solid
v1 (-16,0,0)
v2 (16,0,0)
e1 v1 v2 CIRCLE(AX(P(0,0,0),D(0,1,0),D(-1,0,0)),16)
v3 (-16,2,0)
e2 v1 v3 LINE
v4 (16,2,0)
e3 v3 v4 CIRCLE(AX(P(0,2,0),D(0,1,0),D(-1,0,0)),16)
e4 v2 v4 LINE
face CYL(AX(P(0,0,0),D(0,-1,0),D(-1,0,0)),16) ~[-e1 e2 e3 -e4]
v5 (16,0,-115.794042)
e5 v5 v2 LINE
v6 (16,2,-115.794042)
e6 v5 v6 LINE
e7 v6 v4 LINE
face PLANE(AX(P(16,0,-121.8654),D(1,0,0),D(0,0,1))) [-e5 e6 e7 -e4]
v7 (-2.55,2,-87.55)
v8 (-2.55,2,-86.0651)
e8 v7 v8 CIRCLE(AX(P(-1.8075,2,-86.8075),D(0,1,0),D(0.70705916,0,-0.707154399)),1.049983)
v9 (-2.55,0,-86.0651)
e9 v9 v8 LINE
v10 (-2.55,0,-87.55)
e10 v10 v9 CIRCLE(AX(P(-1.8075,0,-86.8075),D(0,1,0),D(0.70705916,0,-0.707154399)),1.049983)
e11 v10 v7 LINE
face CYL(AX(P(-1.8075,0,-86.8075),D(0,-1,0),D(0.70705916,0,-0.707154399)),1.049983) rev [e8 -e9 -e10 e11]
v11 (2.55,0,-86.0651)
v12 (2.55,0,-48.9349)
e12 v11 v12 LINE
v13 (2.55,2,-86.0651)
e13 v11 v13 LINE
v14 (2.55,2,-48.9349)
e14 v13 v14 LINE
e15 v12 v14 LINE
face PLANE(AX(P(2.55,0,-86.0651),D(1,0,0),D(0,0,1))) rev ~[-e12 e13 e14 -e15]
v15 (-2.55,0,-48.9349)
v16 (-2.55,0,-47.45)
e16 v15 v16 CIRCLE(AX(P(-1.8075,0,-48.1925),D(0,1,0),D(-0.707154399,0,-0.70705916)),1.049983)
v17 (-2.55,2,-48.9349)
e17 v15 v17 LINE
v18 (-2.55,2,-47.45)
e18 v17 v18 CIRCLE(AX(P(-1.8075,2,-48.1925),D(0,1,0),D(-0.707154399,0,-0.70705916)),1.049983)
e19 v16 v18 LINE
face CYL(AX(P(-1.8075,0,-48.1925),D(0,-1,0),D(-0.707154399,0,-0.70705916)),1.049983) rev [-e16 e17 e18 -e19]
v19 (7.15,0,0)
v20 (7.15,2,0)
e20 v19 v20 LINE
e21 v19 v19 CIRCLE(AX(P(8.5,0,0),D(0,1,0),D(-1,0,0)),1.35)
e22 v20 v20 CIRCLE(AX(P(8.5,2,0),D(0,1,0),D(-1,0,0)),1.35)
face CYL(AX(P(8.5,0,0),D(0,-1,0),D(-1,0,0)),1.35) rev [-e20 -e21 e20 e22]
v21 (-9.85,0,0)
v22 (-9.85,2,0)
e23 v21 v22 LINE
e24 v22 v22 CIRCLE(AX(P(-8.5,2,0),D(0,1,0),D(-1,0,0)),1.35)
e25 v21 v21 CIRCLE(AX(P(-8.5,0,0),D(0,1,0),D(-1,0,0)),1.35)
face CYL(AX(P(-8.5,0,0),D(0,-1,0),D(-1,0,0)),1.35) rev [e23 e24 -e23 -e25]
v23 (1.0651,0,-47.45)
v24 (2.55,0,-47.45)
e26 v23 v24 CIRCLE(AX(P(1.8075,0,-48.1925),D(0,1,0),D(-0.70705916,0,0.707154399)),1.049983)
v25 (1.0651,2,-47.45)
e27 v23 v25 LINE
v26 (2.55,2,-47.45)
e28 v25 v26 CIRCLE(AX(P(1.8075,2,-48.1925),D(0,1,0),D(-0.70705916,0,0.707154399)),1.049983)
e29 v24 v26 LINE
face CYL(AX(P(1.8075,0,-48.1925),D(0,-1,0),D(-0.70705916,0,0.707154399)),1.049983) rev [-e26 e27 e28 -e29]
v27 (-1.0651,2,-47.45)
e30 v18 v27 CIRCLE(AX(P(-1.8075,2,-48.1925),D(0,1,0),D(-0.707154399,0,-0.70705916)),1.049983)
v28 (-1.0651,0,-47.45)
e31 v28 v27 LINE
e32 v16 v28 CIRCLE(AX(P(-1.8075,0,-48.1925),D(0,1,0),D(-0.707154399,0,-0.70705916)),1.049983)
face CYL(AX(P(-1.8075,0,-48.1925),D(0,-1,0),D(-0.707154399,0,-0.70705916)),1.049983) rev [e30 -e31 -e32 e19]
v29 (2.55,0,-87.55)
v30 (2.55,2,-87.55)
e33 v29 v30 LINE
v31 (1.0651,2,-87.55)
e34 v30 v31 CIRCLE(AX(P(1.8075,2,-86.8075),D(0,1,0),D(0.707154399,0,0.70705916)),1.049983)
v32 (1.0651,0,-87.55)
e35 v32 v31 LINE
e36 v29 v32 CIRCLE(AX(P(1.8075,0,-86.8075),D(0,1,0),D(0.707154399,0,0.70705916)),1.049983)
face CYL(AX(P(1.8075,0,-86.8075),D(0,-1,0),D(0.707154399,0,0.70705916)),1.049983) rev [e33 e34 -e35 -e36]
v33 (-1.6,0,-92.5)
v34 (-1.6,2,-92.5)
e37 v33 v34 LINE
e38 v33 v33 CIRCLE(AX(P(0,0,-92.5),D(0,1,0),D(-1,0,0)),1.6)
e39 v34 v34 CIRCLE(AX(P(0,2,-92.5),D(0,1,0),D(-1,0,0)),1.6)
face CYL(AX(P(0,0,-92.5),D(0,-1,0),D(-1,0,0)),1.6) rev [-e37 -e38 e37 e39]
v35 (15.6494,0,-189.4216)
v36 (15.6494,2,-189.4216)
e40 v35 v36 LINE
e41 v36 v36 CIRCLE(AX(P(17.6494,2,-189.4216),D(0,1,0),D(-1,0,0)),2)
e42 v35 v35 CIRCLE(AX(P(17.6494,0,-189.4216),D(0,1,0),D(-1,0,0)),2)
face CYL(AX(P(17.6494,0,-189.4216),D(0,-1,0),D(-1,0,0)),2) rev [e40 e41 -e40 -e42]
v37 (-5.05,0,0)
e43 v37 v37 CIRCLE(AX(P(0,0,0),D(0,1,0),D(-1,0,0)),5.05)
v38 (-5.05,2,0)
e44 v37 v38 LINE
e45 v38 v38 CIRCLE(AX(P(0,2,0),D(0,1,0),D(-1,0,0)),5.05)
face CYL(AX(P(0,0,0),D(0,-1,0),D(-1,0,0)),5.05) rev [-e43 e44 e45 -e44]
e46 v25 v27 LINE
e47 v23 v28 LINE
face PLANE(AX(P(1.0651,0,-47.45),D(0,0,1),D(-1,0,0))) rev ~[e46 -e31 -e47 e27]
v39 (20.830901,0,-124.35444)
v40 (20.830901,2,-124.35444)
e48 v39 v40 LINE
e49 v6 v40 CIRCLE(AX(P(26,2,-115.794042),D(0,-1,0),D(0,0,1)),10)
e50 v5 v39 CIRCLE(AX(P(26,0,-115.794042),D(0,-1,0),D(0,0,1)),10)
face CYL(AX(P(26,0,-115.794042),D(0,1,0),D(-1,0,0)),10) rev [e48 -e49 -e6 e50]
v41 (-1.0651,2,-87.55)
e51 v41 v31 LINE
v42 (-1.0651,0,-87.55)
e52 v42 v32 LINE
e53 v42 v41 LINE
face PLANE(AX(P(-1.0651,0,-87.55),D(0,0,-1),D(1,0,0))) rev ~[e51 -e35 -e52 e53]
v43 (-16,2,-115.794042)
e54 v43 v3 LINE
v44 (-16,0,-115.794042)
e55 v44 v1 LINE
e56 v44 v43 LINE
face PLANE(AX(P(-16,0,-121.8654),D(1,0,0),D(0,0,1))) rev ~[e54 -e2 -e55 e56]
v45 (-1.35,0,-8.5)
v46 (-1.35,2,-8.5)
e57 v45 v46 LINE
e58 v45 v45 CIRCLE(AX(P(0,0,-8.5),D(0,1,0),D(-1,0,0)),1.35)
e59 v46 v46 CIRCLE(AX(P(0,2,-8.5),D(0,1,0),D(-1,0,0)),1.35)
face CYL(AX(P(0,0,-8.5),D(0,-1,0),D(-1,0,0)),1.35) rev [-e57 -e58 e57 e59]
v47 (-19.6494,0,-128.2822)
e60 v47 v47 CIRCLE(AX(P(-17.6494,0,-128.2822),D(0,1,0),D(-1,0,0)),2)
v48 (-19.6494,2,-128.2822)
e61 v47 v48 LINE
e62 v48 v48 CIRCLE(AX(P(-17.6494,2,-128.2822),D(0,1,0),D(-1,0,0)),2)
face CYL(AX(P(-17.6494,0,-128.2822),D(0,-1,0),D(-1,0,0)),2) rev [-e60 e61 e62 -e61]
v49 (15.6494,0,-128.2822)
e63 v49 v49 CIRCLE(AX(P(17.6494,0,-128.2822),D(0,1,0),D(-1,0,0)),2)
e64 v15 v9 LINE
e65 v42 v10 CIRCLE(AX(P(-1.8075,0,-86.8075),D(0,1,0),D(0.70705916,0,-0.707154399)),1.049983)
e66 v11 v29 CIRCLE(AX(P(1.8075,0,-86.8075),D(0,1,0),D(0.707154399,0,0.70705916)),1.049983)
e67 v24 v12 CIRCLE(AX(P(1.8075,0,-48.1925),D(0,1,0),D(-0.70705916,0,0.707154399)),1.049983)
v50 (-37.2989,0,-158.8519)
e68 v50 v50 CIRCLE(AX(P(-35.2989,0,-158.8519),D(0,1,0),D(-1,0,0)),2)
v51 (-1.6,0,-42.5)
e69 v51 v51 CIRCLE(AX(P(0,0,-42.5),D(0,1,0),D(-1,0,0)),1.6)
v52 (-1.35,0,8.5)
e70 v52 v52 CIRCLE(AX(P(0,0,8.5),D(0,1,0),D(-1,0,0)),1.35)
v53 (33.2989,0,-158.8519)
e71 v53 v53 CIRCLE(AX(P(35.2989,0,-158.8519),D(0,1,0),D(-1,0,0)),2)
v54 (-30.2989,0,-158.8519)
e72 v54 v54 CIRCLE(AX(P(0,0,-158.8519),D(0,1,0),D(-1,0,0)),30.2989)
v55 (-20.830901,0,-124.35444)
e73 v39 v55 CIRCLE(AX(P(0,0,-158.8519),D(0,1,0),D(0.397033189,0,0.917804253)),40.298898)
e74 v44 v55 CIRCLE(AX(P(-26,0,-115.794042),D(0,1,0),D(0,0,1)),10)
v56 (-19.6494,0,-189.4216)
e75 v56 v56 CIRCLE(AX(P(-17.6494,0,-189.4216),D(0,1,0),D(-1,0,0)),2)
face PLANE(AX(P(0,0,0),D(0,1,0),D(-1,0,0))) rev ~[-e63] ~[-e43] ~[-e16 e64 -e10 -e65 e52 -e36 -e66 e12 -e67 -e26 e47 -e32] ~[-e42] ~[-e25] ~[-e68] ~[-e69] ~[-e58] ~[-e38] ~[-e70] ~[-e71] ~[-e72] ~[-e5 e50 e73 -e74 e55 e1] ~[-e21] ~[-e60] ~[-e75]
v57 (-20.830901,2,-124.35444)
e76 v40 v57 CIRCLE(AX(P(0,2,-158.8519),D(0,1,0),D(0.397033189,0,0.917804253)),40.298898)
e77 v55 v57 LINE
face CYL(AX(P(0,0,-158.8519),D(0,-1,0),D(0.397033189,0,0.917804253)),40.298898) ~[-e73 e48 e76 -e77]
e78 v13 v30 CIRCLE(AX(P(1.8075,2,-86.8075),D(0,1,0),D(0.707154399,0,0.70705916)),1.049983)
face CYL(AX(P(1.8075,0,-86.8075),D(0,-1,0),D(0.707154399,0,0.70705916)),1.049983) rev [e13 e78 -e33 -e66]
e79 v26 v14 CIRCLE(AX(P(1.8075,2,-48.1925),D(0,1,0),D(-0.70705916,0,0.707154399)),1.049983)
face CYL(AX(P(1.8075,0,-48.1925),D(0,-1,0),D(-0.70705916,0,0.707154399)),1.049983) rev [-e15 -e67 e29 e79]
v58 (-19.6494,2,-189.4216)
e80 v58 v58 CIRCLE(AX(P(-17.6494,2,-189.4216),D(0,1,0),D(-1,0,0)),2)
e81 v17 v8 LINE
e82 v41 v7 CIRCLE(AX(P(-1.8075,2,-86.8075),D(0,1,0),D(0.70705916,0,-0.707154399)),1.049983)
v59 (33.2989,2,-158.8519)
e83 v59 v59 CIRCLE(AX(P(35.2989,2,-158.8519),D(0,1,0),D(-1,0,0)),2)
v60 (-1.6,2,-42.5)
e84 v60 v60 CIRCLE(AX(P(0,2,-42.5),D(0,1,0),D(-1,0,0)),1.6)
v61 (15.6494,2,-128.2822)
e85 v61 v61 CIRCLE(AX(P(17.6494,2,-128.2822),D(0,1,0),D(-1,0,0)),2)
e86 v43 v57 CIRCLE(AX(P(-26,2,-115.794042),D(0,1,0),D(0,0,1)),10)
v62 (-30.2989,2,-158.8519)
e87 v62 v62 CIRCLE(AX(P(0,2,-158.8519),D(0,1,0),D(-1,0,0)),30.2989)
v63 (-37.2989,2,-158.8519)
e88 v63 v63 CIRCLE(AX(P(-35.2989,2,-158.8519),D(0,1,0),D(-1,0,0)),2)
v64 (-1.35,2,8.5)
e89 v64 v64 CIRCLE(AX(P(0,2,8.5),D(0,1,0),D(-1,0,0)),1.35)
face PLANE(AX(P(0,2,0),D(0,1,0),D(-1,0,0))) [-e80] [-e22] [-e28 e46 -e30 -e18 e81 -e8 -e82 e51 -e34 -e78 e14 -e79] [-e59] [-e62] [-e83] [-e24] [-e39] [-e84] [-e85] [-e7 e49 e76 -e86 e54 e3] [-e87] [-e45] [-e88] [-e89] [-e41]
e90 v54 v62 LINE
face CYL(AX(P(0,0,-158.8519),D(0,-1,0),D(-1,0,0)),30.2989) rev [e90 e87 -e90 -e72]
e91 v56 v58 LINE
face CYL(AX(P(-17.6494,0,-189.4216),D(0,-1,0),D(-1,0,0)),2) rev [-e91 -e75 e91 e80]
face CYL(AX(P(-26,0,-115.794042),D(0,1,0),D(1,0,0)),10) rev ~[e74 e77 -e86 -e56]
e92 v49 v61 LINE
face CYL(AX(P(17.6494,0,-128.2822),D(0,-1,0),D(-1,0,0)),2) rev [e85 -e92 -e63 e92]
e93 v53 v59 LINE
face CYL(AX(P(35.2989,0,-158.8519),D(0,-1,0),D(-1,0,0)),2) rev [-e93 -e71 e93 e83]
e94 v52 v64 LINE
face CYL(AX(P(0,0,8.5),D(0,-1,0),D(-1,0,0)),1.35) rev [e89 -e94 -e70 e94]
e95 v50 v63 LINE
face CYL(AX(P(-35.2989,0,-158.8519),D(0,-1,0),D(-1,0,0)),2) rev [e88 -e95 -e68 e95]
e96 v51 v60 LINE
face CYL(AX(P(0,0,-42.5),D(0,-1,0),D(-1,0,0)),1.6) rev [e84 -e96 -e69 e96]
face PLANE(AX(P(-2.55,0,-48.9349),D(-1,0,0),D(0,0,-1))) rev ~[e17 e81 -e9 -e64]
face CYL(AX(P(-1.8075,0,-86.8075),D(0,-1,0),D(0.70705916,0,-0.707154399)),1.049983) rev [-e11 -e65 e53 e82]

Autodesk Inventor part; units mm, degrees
ref_plane "YZ Plane" through (0, 0, 0) normal (1, 0, 0) x (0, 1, 0)
ref_plane "XZ Plane" through (0, 0, 0) normal (0, 1, 0) x (-1, 0, 0)
ref_plane "XY Plane" through (0, 0, 0) normal (0, 0, 1) x (1, 0, 0)
sketch "スケッチ1" plane through (0, 0, 0) normal (0, 1, 0) x (-1, 0, 0)
  circle A0 centre (0, 0) radius 5.05
  line L0 (0, 8.5) -> (0, -8.5) construction
  circle A1 centre (0, 8.5) radius 1.35
  circle A2 centre (-8.5, 0) radius 1.35
  circle A3 centre (0, -8.5) radius 1.35
  circle A4 centre (8.5, 0) radius 1.35
  circle A5 centre (0, -158.8519) radius 16 construction
  line L1 (0, 0) -> (0, -158.8519) construction
  arc A6 (-16, -121.8654) -> (16, -121.8654) centre (0, -158.8519) ccw
  circle A7 centre (0, 8.5) radius 2.4 construction
  line L2 (-16, 31) -> (16, 31) construction
  line L3 (16, 31) -> (16, -12) construction
  line L4 (16, -12) -> (-16, -12) construction
  line L5 (-16, -12) -> (-16, 31) construction
  line L6 (-16, 31) -> (16, -12) construction
  line L7 (16, 31) -> (-16, -12) construction
  arc A8 (-16, 0) -> (-10.583, -12) centre (0, 0) ccw construction
  arc A9 (10.583, -12) -> (16, 0) centre (0, 0) ccw construction
  line L8 (-16, -121.8654) -> (-16, 0)
  line L9 (16, -121.8654) -> (16, 0)
  circle A10 centre (0, -92.5) radius 1.6
  line L10 (0, -158.8519) -> (-20.1494, -123.952) construction
  circle A11 centre (-17.6494, -128.2822) radius 5 construction
  circle A12 centre (-17.6494, -128.2822) radius 2
  circle A13 centre (-35.2989, -158.8519) radius 2
  circle A14 centre (-17.6494, -189.4216) radius 2
  circle A15 centre (17.6494, -189.4216) radius 2
  circle A16 centre (35.2989, -158.8519) radius 2
  circle A17 centre (17.6494, -128.2822) radius 2
  circle A18 centre (0, -158.8519) radius 58.8961 construction
  line L11 (30.6064, -21.0119) -> (2.8936, -37.0119) construction
  line L12 (2.8936, -37.0119) -> (-18.6064, 0.2272) construction
  line L13 (-18.6064, 0.2272) -> (9.1064, 16.2272) construction
  line L14 (9.1064, 16.2272) -> (30.6064, -21.0119) construction
  line L15 (30.6064, -21.0119) -> (-18.6064, 0.2272) construction
  line L16 (2.8936, -37.0119) -> (9.1064, 16.2272) construction
  line L17 (16.75, -29.0119) -> (-4.75, 8.2272) construction
  circle A19 centre (0, -42.5) radius 1.6
  line L18 (-2.5, -47.5) -> (2.5, -47.5) construction
  line L19 (2.5, -47.5) -> (2.5, -57.5) construction
  line L20 (2.5, -57.5) -> (-2.5, -57.5) construction
  line L21 (-2.5, -57.5) -> (-2.5, -47.5) construction
  line L22 (-2.5, -47.5) -> (2.5, -57.5) construction
  line L23 (2.5, -47.5) -> (-2.5, -57.5) construction
  line L24 (-2.5, -52.5) -> (2.5, -52.5) construction
  circle A20 centre (0, -62.5) radius 1.6
  line L25 (2.8936, -37.0119) -> (54.9285, -127.1389) construction
  line L26 (0, -158.8519) -> (54.9285, -127.1389) construction
  line L27 (-2.5, -47.5) -> (2.5, -47.5) construction
  line L28 (2.5, -47.5) -> (2.5, -87.5) construction
  line L29 (2.5, -87.5) -> (-2.5, -87.5) construction
  line L30 (-2.5, -87.5) -> (-2.5, -47.5) construction
  line L31 (-2.5, -47.5) -> (2.5, -87.5) construction
  line L32 (2.5, -47.5) -> (-2.5, -87.5) construction
  line L33 (-2.55, -47.45) -> (2.55, -47.45)
  line L34 (2.55, -47.45) -> (2.55, -87.55)
  line L35 (2.55, -87.55) -> (-2.55, -87.55)
  line L36 (-2.55, -87.55) -> (-2.55, -47.45)
  line L37 (-2.55, -47.45) -> (2.55, -87.55) construction
  line L38 (2.55, -47.45) -> (-2.55, -87.55) construction
  arc A21 (-1.0651, -47.45) -> (-2.55, -48.9349) centre (-1.8075, -48.1925) ccw
  arc A22 (2.55, -48.9349) -> (1.0651, -47.45) centre (1.8075, -48.1925) ccw
  line L39 (-2.5, -67.5) -> (2.5, -67.5) construction
  arc A23 (-2.55, -86.0651) -> (-1.0651, -87.55) centre (-1.8075, -86.8075) ccw
  arc A24 (1.0651, -87.55) -> (2.55, -86.0651) centre (1.8075, -86.8075) ccw
  arc A25 (16, 0) -> (-16, 0) centre (0, 0) ccw
  circle A26 centre (0, -158.8519) radius 30.2989
  point P0 (0, 9.5)
  point P1 (0, 9.5)
  point P2 (6, -10.3923)
  point P3 (0, -52.5)
  point P4 (0, -67.5)
  point P5 (1.0651, -87.55)
  point P6 (-1.0651, -87.55)
  point P7 (-2.55, -86.0651)
  point P8 (2.55, -48.9349)
  point P9 (2.55, -86.0651)
  point P10 (0, -199.1508)
  dimension "d0" = 10.1
  dimension "d1" = 17
  dimension "d2" = 2.7
  dimension "d5" = 360
  dimension "d7" = 32
  dimension "d8" = 158.8519
  dimension "d9" = 80.5978
  dimension "d10" = 4.8
  dimension "d11" = 32
  dimension "d12" = 43
  dimension "d14" = 9.5
  dimension "d17" = 3.2
  dimension "d23" = 32
  dimension "d24" = 30
  dimension "d25" = 10
  dimension "d26" = 4
  dimension "d29" = 360
  dimension "d32" = 117.7922
  dimension "d33" = 32
  dimension "d34" = 43
  dimension "d36" = 9.5
  dimension "d37" = 150
  dimension "d38" = 3.2
  dimension "d40" = 5
  dimension "d41" = 10
  dimension "d42" = 50
  dimension "d43" = 20
  dimension "d44" = 42.5
  dimension "d45" = 40
  dimension "d46" = 1.05
  dimension "d47" = 0.05
  dimension "d48" = 0.05
  dimension "d49" = 16
  dimension "d50" = 199.1508
extrude "押し出し1" add sketch "スケッチ1" along normal blind 2 contours L8 A25 L9 A6
fillet "フィレット1" radius 10 2 edges at (16, 1, -121.8654) (-16, 1, -121.8654)
equation "\"d36\" = d14"
properties part number "ForeArm_outside_frame_" material "GFRP"
